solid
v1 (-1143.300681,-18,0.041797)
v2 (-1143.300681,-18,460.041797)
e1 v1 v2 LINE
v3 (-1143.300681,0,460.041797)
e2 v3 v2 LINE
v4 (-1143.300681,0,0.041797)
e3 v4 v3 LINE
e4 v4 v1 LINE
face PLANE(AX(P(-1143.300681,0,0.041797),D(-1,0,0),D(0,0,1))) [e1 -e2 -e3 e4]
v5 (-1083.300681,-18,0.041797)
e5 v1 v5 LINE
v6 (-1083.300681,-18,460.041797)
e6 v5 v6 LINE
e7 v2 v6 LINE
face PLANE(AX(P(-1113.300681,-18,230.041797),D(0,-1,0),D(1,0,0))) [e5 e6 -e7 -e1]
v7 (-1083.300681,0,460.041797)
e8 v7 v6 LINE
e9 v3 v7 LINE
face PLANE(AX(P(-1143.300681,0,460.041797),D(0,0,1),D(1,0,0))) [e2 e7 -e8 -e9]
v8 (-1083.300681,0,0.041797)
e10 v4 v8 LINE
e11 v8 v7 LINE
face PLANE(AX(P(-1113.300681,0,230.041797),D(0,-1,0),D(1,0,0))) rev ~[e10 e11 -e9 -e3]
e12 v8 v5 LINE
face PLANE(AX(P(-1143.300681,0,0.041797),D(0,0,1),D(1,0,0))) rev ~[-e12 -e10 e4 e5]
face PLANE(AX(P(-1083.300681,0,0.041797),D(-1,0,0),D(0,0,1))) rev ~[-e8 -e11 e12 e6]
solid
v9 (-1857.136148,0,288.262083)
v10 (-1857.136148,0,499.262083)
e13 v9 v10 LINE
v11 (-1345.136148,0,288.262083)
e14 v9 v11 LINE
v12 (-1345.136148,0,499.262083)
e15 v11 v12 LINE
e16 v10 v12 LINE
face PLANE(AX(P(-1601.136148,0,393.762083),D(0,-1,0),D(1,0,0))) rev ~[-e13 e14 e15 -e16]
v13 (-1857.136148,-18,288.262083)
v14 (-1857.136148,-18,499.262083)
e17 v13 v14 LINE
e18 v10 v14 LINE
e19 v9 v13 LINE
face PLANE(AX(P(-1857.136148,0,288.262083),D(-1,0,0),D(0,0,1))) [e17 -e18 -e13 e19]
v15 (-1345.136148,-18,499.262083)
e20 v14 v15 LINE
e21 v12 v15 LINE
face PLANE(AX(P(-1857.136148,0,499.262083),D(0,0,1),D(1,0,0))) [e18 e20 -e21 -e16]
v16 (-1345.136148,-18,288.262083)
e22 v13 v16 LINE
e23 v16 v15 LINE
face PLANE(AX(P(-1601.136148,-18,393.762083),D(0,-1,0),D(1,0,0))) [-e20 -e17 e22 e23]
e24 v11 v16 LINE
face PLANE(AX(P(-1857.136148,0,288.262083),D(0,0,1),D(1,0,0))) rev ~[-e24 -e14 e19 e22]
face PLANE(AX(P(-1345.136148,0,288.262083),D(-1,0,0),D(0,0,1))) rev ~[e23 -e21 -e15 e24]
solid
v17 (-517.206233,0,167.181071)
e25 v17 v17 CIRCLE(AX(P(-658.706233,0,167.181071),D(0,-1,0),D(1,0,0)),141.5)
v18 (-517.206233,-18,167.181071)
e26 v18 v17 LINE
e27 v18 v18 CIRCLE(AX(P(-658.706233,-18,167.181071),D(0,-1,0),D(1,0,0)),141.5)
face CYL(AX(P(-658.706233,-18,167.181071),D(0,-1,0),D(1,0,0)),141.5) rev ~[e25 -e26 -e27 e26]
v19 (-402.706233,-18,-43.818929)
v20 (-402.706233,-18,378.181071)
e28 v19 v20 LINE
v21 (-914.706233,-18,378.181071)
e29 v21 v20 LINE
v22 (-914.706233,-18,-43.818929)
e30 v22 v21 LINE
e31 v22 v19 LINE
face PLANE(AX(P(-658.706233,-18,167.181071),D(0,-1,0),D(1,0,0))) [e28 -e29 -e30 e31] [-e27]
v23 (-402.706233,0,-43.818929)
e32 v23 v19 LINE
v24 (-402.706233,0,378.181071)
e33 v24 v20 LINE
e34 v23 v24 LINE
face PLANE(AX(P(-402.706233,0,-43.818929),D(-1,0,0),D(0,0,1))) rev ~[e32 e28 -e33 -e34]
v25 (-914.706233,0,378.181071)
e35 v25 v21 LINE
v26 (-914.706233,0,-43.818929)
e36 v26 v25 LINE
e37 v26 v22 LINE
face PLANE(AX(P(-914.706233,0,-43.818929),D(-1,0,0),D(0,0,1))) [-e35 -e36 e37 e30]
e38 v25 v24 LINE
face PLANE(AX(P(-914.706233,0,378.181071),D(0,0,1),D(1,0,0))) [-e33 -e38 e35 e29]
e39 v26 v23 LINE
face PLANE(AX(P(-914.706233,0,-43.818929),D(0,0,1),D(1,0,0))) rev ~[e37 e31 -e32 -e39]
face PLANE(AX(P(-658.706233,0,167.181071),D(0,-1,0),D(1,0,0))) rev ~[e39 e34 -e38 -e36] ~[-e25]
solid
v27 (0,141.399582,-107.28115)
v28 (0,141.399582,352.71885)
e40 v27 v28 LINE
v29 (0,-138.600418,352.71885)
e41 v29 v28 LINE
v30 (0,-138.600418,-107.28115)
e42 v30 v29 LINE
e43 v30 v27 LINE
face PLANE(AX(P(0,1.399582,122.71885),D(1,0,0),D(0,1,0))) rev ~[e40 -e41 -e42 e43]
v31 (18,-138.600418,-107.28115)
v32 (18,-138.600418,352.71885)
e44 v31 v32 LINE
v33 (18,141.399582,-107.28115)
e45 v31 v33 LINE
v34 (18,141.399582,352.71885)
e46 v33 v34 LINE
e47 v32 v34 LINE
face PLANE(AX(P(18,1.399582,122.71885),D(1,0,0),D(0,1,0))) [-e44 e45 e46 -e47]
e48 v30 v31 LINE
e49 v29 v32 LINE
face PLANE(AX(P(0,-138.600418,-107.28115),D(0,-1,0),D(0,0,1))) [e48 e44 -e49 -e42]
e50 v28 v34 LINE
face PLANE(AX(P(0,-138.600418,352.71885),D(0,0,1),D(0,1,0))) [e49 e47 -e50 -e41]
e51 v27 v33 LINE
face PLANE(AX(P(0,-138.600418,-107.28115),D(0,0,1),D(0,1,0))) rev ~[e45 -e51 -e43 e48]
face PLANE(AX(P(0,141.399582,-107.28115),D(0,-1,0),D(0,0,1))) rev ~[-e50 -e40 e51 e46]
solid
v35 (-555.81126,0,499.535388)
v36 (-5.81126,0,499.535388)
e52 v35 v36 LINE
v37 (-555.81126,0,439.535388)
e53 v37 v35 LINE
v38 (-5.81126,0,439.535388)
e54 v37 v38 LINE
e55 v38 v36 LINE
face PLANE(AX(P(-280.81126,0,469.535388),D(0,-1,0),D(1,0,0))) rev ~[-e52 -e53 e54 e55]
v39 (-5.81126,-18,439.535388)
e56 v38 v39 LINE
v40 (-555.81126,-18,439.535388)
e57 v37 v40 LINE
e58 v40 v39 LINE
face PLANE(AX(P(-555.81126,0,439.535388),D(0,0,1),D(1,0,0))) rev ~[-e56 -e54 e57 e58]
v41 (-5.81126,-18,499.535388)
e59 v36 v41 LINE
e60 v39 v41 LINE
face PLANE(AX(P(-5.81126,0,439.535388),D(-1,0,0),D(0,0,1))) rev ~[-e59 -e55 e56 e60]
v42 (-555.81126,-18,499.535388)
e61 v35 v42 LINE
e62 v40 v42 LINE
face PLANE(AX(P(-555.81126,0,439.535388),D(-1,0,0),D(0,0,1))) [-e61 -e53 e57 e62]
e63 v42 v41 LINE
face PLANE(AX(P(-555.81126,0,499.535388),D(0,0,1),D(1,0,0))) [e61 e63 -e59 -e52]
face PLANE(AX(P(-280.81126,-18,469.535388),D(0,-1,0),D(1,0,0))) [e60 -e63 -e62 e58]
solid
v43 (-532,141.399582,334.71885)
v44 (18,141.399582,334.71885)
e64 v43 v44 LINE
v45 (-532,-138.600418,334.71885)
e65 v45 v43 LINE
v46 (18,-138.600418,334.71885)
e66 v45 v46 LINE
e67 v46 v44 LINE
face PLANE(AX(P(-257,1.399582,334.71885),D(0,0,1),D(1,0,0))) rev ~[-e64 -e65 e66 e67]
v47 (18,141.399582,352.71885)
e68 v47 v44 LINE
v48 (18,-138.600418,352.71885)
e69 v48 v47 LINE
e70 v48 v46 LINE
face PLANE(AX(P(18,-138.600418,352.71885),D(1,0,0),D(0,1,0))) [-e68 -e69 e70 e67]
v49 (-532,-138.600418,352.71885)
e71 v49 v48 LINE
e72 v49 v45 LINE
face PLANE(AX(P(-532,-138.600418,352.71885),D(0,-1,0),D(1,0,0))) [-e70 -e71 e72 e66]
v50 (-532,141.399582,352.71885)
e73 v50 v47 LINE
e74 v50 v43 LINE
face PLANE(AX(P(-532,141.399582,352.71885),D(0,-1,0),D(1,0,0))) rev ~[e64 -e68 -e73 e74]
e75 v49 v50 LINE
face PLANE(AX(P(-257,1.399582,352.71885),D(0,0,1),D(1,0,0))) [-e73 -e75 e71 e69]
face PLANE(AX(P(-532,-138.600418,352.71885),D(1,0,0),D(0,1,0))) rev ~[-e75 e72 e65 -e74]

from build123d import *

# Parameters (mm, degrees)
F0_W      = 280
F0_H      = 460
F1_DEPTH  = 18
F2_W      = 550
F2_H      = 280
F3_DEPTH  = 18
F4_W      = 550
F4_H      = 60
F5_DEPTH  = 18
F6_W      = 60
F6_H      = 460
F7_DEPTH  = 18
F8_W      = 25
F8_H      = 422
F9_DEPTH  = 18
F10_W     = 462
F10_H     = 25
F11_DEPTH = 18
F13_W     = 512
F13_H     = 211
F14_DEPTH = 18
F15_W     = 512
F15_H     = 422
F16_DEPTH = 18
F17_R     = 141.5
F18_DEPTH = 159.400582


with BuildPart() as f1:
    # F0 (on Right) → F1 (new body)
    with BuildSketch(Plane.YZ):
        with Locations((1.399582, 122.71885)):
            Rectangle(F0_W, F0_H)
    extrude(amount=F1_DEPTH)


with BuildPart() as f3:
    # F2 (on face) → F3 (new body)
    with BuildSketch(Plane.XY.offset(352.71885)):
        with Locations((-257, 1.399582)):
            Rectangle(F2_W, F2_H)
    extrude(amount=-F3_DEPTH)


with BuildPart() as f5:
    # F4 (on Front) → F5 (new body)
    with BuildSketch(Plane.XZ):
        with Locations((-280.81126, 469.535388)):
            Rectangle(F4_W, F4_H)
    extrude(amount=F5_DEPTH)


with BuildPart() as f7:
    # F6 (on Front) → F7 (new body)
    with BuildSketch(Plane.XZ):
        with Locations((-1113.300681, 230.041797)):
            Rectangle(F6_W, F6_H)
    extrude(amount=F7_DEPTH)


with BuildPart() as f9:
    # F8 (on Front) → F9 (new body)
    with BuildSketch(Plane.XZ):
        with Locations((-1553.912302, 173.467372)):
            Rectangle(F8_W, F8_H)
    extrude(amount=F9_DEPTH)


with BuildPart() as f11:
    # F10 (on Front) → F11 (new body)
    with BuildSketch(Plane.XZ):
        with Locations((-1266.772479, 592.864828)):
            Rectangle(F10_W, F10_H)
    extrude(amount=F11_DEPTH)


with BuildPart() as f14:
    # F13 (on Front) → F14 (new body)
    with BuildSketch(Plane.XZ):
        with Locations((-1601.136148, 393.762083)):
            Rectangle(F13_W, F13_H)
    extrude(amount=F14_DEPTH)


with BuildPart() as f16:
    # F15 (on Front) → F16 (new body)
    with BuildSketch(Plane.XZ):
        with Locations((-658.706233, 167.181071)):
            Rectangle(F15_W, F15_H)
    extrude(amount=F16_DEPTH)

    # F17 (on face) → F18 (cut, through all)
    with BuildSketch(Plane.XZ.offset(18)):
        with Locations((-658.706233, 167.181071)):
            Circle(F17_R)
    extrude(amount=-F18_DEPTH, mode=Mode.SUBTRACT)


solid = Compound([f1.part, f3.part, f5.part, f7.part, f14.part, f16.part])
